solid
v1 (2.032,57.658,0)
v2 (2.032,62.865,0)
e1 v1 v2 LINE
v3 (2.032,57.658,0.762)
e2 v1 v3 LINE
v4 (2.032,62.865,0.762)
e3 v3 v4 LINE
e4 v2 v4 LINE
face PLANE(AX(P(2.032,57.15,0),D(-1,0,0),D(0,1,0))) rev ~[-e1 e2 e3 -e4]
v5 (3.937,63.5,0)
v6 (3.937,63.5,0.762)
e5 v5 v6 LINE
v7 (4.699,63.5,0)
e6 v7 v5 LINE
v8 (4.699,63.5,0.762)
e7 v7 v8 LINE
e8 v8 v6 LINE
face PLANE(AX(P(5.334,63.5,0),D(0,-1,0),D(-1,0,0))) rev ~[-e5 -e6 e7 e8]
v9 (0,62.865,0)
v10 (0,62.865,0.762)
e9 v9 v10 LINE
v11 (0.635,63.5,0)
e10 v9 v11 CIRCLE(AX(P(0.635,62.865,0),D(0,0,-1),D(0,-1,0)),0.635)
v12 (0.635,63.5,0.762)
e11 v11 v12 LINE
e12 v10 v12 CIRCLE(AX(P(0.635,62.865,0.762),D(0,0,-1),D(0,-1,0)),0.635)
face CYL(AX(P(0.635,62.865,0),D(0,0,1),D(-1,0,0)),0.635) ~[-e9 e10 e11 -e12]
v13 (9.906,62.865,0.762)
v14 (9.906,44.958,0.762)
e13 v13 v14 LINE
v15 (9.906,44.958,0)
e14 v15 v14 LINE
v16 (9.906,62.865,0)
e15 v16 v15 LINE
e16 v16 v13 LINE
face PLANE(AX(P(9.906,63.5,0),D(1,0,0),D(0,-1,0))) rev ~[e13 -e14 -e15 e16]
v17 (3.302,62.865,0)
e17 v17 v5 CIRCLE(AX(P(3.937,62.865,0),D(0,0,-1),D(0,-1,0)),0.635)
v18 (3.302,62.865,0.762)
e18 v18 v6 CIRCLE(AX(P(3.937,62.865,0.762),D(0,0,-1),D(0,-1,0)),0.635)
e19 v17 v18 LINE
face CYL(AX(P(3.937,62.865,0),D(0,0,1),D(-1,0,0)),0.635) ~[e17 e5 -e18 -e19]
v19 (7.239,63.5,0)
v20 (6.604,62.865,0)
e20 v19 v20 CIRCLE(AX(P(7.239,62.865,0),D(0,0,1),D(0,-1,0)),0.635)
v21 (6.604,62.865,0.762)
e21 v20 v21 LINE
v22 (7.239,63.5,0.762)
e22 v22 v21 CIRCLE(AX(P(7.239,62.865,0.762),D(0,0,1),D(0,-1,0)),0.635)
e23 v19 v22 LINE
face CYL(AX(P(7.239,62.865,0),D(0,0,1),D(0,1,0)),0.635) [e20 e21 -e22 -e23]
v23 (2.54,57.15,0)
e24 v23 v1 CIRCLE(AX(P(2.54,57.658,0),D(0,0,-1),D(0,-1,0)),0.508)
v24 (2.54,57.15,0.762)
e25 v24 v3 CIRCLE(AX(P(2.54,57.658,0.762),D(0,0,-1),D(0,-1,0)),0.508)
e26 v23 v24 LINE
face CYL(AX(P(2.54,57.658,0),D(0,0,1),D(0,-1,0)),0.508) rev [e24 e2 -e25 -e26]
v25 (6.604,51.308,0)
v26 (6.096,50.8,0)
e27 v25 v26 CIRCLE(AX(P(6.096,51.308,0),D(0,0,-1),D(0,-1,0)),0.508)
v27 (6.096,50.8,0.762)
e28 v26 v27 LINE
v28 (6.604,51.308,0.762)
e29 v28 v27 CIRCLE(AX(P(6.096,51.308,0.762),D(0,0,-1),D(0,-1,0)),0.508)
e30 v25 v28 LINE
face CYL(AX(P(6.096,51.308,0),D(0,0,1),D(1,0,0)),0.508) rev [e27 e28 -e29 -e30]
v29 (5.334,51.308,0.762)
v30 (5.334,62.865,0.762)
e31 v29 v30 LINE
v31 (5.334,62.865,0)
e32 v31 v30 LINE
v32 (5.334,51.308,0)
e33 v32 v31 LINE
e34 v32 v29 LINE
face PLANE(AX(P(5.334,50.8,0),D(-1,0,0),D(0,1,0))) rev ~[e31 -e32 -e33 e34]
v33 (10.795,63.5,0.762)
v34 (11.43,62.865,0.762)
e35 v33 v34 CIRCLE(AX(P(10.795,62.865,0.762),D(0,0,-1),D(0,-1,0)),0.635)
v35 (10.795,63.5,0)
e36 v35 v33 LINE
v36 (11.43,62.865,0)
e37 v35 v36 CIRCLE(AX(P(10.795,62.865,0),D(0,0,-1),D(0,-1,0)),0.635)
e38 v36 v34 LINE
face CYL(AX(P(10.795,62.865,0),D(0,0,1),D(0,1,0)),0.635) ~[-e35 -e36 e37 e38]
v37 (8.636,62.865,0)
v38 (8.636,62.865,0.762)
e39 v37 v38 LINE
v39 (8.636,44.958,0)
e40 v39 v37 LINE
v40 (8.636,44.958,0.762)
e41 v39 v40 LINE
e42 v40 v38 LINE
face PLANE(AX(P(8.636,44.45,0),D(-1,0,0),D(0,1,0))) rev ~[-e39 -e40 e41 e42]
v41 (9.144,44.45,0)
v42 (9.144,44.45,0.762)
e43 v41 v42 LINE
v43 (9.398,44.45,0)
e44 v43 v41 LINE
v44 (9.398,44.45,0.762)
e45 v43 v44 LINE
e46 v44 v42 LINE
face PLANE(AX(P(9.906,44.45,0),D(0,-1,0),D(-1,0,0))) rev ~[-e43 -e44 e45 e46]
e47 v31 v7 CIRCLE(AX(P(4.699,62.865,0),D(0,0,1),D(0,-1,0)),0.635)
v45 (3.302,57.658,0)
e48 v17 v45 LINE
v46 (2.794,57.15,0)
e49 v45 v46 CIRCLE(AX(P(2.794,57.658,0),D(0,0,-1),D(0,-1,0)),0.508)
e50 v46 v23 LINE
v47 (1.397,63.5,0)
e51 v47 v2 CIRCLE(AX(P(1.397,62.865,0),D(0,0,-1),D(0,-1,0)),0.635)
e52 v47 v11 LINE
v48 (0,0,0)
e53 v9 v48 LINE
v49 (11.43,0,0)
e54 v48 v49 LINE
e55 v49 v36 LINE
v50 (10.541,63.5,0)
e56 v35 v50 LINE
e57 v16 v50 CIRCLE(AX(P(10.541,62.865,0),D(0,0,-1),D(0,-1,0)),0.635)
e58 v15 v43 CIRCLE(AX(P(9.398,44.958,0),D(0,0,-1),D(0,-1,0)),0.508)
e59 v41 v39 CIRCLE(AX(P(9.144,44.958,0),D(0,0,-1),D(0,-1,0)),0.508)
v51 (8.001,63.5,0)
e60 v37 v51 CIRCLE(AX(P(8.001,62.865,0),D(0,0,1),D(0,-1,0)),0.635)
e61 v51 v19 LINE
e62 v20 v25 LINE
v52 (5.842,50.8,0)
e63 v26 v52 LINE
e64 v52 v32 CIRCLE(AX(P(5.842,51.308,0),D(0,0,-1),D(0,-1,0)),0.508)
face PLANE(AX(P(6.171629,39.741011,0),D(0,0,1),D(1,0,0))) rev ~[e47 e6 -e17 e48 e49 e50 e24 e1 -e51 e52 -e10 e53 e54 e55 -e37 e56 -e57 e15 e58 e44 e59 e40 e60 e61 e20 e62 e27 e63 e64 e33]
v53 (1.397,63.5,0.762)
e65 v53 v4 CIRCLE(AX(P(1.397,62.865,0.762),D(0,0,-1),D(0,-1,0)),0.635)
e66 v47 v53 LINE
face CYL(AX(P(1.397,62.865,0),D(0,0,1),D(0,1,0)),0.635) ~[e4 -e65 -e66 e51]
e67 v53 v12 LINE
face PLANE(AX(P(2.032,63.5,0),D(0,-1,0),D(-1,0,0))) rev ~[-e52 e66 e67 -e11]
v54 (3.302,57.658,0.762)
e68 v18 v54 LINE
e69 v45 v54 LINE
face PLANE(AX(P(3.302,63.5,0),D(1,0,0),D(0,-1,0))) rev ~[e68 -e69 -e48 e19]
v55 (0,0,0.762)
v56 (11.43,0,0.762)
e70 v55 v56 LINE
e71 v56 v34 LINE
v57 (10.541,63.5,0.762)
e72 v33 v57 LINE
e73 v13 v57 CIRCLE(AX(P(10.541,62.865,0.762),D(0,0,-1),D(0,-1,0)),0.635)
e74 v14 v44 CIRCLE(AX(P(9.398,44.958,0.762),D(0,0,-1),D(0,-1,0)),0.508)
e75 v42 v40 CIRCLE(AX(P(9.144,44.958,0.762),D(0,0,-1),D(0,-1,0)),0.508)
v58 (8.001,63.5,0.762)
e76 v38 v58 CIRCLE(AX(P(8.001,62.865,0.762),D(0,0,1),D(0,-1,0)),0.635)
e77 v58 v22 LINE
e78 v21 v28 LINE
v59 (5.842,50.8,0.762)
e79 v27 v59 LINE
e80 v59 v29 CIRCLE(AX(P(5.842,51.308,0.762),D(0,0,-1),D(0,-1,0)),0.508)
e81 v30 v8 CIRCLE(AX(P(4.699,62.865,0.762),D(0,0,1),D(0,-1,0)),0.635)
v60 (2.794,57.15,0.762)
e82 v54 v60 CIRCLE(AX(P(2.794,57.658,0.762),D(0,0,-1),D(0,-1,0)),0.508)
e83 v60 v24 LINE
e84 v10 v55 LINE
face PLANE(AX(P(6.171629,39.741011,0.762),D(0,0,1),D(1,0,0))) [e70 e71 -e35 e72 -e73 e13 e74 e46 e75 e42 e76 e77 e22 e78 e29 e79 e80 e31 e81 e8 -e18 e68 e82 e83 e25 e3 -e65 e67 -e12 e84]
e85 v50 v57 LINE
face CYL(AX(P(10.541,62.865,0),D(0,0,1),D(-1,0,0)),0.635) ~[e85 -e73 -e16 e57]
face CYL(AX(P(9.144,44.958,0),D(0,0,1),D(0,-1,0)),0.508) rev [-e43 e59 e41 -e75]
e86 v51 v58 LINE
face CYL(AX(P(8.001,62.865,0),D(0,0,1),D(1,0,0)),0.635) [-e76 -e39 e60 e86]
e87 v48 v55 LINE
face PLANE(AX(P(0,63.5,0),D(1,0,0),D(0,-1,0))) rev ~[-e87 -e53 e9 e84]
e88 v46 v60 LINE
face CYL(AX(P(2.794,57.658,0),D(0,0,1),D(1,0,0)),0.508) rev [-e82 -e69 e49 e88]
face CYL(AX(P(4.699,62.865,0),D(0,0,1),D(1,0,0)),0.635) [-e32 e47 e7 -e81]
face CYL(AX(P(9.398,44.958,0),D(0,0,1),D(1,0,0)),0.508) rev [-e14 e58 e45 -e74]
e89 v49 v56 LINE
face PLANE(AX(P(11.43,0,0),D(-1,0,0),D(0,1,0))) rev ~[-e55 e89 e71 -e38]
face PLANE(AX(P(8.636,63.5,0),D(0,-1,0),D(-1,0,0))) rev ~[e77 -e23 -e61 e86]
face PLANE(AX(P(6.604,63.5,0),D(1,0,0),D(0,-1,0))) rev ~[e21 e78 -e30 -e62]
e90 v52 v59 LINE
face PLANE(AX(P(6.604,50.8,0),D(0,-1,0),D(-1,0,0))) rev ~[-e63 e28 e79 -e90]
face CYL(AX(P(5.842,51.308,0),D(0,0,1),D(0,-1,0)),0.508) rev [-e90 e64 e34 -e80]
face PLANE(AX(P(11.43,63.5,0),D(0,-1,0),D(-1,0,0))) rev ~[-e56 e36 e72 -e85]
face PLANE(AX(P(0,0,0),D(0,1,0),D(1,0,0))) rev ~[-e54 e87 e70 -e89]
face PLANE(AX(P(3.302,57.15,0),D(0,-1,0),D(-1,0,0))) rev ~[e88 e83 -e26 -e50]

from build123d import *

# Parameters (mm, degrees)
F1_DEPTH = 0.762
F2_R     = 0.508
F3_R     = 0.635


with BuildPart() as f1:
    # F0 (on Top) → F1 (new body)
    with BuildSketch(Plane.XY):
        Polygon((0, 63.5), (0, 0), (11.43, 0), (11.43, 63.5), (9.906, 63.5), (9.906, 44.45), (8.636, 44.45), (8.636, 63.5), (6.604, 63.5), (6.604, 50.8), (5.334, 50.8), (5.334, 63.5), (3.302, 63.5), (3.302, 57.15), (2.032, 57.15), (2.032, 63.5), align=None)
    extrude(amount=F1_DEPTH)

    # F2
    f2_edges = [f1.edges().sort_by_distance(p)[0] for p in [
        (2.032, 57.15, 0.381),
        (3.302, 57.15, 0.381),
        (5.334, 50.8, 0.381),
        (6.604, 50.8, 0.381),
        (9.906, 44.45, 0.381),
        (8.636, 44.45, 0.381),
    ]]
    fillet(f2_edges, radius=F2_R)

    # F3
    f3_edges = [f1.edges().sort_by_distance(p)[0] for p in [
        (0, 63.5, 0.381),
        (2.032, 63.5, 0.381),
        (3.302, 63.5, 0.381),
        (5.334, 63.5, 0.381),
        (6.604, 63.5, 0.381),
        (8.636, 63.5, 0.381),
        (9.906, 63.5, 0.381),
        (11.43, 63.5, 0.381),
    ]]
    fillet(f3_edges, radius=F3_R)


solid = f1.part
